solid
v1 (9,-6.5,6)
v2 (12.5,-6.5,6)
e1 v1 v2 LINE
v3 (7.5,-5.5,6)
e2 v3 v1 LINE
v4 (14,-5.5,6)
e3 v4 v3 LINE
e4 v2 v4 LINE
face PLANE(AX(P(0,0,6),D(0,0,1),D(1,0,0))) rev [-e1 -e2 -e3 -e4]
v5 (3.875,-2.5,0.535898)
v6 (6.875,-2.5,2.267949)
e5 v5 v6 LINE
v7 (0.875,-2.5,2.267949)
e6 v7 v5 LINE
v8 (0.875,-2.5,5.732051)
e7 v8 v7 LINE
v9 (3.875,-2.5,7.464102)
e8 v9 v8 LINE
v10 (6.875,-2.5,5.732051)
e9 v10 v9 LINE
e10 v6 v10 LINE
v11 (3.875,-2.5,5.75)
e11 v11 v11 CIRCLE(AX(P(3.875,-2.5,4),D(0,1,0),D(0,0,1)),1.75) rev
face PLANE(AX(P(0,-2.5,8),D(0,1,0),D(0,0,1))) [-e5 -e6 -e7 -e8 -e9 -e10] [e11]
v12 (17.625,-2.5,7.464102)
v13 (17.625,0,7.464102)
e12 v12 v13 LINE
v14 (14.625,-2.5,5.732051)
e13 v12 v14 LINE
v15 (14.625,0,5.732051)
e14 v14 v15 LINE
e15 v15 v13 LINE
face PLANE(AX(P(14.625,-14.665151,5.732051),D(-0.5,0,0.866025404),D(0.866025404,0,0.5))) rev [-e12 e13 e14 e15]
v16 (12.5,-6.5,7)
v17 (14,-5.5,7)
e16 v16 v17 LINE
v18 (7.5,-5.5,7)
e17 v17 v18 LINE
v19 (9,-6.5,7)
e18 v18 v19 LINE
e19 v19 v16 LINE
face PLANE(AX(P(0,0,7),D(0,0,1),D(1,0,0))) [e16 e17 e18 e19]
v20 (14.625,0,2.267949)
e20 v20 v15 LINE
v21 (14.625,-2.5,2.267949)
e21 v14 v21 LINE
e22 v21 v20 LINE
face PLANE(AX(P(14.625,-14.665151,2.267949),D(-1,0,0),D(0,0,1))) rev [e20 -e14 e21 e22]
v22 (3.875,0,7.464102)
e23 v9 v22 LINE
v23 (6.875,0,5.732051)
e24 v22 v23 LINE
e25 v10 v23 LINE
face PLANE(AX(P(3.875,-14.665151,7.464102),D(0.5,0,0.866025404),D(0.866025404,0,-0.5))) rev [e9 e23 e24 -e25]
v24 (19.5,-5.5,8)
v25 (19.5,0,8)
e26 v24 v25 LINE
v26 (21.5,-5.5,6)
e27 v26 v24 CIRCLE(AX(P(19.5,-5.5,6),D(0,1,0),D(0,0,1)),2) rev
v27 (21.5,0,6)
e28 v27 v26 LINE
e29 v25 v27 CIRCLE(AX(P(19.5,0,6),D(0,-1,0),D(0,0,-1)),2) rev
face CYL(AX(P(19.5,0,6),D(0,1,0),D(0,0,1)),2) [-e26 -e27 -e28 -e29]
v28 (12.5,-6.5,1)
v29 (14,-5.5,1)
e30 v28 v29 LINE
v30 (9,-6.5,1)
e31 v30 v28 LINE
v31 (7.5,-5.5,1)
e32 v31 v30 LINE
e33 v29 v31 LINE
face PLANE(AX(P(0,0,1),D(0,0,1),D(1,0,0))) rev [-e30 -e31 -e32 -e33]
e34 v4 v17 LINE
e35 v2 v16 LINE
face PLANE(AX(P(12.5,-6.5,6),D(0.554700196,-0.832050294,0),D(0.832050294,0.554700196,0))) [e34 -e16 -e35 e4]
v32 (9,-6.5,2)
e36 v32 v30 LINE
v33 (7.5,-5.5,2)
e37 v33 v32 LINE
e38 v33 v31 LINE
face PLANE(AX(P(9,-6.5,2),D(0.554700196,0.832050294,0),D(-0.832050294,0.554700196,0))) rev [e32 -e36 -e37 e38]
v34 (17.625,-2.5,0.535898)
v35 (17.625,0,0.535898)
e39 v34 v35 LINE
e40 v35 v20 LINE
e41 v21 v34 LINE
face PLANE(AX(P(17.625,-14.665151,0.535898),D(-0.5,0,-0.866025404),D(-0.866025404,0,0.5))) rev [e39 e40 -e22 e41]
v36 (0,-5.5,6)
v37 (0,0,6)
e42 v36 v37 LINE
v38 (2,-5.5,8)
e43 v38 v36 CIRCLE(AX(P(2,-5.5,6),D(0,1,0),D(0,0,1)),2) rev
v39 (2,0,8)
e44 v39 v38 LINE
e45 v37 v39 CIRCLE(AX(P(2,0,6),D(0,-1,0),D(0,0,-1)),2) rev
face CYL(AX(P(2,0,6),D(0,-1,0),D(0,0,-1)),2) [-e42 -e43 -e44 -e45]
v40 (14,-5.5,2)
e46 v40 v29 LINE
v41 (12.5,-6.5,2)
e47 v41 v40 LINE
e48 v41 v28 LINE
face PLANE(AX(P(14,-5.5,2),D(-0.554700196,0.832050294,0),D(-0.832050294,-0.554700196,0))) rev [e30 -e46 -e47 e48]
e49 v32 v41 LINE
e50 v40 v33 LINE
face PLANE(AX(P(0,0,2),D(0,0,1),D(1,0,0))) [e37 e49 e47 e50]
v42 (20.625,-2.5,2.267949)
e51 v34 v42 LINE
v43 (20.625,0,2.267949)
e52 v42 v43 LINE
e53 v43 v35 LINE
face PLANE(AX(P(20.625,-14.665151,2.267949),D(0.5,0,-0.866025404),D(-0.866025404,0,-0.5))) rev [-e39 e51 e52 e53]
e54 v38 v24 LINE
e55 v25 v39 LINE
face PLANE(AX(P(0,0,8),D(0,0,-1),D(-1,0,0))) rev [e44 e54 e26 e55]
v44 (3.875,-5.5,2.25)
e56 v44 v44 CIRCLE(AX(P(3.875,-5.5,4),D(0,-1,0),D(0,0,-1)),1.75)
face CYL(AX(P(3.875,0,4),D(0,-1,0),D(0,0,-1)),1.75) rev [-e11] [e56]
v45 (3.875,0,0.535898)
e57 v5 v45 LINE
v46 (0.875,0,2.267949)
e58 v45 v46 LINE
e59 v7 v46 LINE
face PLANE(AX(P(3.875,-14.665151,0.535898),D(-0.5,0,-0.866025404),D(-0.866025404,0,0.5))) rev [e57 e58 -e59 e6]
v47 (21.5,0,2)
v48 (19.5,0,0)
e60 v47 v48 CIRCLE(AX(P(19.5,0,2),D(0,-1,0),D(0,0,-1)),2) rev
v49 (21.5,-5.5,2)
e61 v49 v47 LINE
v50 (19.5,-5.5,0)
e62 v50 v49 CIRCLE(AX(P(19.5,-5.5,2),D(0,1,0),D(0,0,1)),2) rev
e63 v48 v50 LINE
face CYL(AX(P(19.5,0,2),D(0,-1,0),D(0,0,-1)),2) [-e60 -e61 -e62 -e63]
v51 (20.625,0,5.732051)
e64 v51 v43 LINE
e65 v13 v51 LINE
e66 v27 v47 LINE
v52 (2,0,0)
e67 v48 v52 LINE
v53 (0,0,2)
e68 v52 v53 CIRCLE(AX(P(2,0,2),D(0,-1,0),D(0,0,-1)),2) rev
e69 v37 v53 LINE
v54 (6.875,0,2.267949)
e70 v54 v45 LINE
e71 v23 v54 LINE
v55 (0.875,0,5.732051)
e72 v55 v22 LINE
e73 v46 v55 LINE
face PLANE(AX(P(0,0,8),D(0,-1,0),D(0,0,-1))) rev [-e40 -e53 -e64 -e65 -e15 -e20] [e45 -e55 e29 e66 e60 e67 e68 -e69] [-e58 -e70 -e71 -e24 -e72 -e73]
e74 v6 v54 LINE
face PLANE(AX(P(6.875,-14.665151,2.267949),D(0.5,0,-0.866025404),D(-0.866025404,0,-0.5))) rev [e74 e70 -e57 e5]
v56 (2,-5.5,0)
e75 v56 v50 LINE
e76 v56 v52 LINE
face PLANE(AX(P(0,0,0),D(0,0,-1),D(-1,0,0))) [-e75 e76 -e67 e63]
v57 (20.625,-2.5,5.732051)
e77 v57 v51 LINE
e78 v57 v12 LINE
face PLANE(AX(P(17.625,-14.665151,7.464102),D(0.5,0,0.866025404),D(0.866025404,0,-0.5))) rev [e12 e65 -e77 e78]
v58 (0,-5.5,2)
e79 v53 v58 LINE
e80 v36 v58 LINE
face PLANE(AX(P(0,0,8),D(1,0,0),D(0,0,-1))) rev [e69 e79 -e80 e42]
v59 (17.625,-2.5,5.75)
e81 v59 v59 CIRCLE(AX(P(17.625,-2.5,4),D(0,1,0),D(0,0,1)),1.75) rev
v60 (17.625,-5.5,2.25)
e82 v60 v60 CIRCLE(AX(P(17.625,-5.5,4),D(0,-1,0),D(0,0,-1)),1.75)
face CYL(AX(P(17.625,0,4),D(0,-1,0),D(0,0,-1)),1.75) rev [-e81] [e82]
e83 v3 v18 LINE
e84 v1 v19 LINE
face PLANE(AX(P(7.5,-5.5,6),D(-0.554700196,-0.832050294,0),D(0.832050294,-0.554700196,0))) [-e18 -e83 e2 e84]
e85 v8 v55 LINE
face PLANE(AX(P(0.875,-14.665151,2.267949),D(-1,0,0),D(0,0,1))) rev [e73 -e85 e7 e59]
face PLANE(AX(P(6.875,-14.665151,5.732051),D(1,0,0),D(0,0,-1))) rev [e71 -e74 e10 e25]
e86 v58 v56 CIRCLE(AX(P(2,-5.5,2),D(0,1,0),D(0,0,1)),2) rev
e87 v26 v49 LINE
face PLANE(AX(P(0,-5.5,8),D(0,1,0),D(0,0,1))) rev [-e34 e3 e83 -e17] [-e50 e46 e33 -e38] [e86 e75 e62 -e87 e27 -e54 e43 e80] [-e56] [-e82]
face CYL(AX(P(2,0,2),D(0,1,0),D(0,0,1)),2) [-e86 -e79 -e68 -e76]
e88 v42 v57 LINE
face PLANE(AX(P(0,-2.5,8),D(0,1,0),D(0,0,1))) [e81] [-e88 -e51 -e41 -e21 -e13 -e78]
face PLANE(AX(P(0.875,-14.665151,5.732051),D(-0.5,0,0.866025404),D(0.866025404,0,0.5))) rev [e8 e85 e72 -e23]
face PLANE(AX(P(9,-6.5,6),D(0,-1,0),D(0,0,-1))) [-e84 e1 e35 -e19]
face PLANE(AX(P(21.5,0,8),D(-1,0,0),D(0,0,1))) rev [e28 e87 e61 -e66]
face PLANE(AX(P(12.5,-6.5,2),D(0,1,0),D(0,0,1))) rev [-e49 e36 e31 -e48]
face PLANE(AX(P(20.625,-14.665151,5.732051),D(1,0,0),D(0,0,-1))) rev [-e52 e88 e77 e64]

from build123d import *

# Parameters (mm, degrees)
SKETCH1_W           = 21.5
SKETCH1_H           = 5.5
BOSS_EXTRUDE1_DEPTH = 8
SKETCH2_R           = 1.75
CUT_EXTRUDE1_DEPTH  = 6.5
CUT_EXTRUDE2_DEPTH  = 2.5
BOSS_EXTRUDE3_DEPTH = 1
BOSS_EXTRUDE4_DEPTH = 1
FILLET1_R           = 2


with BuildPart() as part:
    # Sketch1 → Boss-Extrude1 (new body)
    with BuildSketch(Plane.XY):
        with Locations((10.75, -2.75)):
            Rectangle(SKETCH1_W, SKETCH1_H)
    extrude(amount=BOSS_EXTRUDE1_DEPTH)

    # Sketch2 → Cut-Extrude1 (cut, through all)
    with BuildSketch(Plane.XZ.offset(5.5)):
        with Locations((3.875, 4)):
            Circle(SKETCH2_R)
        with Locations((17.625, 4)):
            Circle(SKETCH2_R)
    extrude(amount=-CUT_EXTRUDE1_DEPTH, mode=Mode.SUBTRACT)

    # Sketch3 → Cut-Extrude2 (cut)
    with BuildSketch(Plane(origin=(0, 0, 0), x_dir=(1, 0, 0), z_dir=(0, 1, 0))):
        Polygon((6.875, -5.732050808), (6.875, -2.267949192), (3.875, -0.535898385), (0.875, -2.267949192), (0.875, -5.732050808), (3.875, -7.464101615), align=None)
        Polygon((20.625, -2.267949192), (17.625, -0.535898385), (14.625, -2.267949192), (14.625, -5.732050808), (17.625, -7.464101615), (20.625, -5.732050808), align=None)
    extrude(amount=-CUT_EXTRUDE2_DEPTH, mode=Mode.SUBTRACT)

    # Sketch4 → Boss-Extrude3 (add)
    with BuildSketch(Plane.XY.offset(1)):
        Polygon((7.5, -5.5), (14, -5.5), (12.5, -6.5), (9, -6.5), align=None)
    extrude(amount=BOSS_EXTRUDE3_DEPTH)

    # Sketch5 → Boss-Extrude4 (add)
    with BuildSketch(Plane.XY.offset(7)):
        Polygon((7.5, -5.5), (9, -6.5), (12.5, -6.5), (14, -5.5), align=None)
    extrude(amount=-BOSS_EXTRUDE4_DEPTH)

    # Fillet1
    fillet1_edges = [part.edges().sort_by_distance(p)[0] for p in [
        (21.5, -2.75, 8),
        (21.5, -2.75, 0),
        (0, -2.75, 0),
        (0, -2.75, 8),
    ]]
    fillet(fillet1_edges, radius=FILLET1_R)


solid = part.part
